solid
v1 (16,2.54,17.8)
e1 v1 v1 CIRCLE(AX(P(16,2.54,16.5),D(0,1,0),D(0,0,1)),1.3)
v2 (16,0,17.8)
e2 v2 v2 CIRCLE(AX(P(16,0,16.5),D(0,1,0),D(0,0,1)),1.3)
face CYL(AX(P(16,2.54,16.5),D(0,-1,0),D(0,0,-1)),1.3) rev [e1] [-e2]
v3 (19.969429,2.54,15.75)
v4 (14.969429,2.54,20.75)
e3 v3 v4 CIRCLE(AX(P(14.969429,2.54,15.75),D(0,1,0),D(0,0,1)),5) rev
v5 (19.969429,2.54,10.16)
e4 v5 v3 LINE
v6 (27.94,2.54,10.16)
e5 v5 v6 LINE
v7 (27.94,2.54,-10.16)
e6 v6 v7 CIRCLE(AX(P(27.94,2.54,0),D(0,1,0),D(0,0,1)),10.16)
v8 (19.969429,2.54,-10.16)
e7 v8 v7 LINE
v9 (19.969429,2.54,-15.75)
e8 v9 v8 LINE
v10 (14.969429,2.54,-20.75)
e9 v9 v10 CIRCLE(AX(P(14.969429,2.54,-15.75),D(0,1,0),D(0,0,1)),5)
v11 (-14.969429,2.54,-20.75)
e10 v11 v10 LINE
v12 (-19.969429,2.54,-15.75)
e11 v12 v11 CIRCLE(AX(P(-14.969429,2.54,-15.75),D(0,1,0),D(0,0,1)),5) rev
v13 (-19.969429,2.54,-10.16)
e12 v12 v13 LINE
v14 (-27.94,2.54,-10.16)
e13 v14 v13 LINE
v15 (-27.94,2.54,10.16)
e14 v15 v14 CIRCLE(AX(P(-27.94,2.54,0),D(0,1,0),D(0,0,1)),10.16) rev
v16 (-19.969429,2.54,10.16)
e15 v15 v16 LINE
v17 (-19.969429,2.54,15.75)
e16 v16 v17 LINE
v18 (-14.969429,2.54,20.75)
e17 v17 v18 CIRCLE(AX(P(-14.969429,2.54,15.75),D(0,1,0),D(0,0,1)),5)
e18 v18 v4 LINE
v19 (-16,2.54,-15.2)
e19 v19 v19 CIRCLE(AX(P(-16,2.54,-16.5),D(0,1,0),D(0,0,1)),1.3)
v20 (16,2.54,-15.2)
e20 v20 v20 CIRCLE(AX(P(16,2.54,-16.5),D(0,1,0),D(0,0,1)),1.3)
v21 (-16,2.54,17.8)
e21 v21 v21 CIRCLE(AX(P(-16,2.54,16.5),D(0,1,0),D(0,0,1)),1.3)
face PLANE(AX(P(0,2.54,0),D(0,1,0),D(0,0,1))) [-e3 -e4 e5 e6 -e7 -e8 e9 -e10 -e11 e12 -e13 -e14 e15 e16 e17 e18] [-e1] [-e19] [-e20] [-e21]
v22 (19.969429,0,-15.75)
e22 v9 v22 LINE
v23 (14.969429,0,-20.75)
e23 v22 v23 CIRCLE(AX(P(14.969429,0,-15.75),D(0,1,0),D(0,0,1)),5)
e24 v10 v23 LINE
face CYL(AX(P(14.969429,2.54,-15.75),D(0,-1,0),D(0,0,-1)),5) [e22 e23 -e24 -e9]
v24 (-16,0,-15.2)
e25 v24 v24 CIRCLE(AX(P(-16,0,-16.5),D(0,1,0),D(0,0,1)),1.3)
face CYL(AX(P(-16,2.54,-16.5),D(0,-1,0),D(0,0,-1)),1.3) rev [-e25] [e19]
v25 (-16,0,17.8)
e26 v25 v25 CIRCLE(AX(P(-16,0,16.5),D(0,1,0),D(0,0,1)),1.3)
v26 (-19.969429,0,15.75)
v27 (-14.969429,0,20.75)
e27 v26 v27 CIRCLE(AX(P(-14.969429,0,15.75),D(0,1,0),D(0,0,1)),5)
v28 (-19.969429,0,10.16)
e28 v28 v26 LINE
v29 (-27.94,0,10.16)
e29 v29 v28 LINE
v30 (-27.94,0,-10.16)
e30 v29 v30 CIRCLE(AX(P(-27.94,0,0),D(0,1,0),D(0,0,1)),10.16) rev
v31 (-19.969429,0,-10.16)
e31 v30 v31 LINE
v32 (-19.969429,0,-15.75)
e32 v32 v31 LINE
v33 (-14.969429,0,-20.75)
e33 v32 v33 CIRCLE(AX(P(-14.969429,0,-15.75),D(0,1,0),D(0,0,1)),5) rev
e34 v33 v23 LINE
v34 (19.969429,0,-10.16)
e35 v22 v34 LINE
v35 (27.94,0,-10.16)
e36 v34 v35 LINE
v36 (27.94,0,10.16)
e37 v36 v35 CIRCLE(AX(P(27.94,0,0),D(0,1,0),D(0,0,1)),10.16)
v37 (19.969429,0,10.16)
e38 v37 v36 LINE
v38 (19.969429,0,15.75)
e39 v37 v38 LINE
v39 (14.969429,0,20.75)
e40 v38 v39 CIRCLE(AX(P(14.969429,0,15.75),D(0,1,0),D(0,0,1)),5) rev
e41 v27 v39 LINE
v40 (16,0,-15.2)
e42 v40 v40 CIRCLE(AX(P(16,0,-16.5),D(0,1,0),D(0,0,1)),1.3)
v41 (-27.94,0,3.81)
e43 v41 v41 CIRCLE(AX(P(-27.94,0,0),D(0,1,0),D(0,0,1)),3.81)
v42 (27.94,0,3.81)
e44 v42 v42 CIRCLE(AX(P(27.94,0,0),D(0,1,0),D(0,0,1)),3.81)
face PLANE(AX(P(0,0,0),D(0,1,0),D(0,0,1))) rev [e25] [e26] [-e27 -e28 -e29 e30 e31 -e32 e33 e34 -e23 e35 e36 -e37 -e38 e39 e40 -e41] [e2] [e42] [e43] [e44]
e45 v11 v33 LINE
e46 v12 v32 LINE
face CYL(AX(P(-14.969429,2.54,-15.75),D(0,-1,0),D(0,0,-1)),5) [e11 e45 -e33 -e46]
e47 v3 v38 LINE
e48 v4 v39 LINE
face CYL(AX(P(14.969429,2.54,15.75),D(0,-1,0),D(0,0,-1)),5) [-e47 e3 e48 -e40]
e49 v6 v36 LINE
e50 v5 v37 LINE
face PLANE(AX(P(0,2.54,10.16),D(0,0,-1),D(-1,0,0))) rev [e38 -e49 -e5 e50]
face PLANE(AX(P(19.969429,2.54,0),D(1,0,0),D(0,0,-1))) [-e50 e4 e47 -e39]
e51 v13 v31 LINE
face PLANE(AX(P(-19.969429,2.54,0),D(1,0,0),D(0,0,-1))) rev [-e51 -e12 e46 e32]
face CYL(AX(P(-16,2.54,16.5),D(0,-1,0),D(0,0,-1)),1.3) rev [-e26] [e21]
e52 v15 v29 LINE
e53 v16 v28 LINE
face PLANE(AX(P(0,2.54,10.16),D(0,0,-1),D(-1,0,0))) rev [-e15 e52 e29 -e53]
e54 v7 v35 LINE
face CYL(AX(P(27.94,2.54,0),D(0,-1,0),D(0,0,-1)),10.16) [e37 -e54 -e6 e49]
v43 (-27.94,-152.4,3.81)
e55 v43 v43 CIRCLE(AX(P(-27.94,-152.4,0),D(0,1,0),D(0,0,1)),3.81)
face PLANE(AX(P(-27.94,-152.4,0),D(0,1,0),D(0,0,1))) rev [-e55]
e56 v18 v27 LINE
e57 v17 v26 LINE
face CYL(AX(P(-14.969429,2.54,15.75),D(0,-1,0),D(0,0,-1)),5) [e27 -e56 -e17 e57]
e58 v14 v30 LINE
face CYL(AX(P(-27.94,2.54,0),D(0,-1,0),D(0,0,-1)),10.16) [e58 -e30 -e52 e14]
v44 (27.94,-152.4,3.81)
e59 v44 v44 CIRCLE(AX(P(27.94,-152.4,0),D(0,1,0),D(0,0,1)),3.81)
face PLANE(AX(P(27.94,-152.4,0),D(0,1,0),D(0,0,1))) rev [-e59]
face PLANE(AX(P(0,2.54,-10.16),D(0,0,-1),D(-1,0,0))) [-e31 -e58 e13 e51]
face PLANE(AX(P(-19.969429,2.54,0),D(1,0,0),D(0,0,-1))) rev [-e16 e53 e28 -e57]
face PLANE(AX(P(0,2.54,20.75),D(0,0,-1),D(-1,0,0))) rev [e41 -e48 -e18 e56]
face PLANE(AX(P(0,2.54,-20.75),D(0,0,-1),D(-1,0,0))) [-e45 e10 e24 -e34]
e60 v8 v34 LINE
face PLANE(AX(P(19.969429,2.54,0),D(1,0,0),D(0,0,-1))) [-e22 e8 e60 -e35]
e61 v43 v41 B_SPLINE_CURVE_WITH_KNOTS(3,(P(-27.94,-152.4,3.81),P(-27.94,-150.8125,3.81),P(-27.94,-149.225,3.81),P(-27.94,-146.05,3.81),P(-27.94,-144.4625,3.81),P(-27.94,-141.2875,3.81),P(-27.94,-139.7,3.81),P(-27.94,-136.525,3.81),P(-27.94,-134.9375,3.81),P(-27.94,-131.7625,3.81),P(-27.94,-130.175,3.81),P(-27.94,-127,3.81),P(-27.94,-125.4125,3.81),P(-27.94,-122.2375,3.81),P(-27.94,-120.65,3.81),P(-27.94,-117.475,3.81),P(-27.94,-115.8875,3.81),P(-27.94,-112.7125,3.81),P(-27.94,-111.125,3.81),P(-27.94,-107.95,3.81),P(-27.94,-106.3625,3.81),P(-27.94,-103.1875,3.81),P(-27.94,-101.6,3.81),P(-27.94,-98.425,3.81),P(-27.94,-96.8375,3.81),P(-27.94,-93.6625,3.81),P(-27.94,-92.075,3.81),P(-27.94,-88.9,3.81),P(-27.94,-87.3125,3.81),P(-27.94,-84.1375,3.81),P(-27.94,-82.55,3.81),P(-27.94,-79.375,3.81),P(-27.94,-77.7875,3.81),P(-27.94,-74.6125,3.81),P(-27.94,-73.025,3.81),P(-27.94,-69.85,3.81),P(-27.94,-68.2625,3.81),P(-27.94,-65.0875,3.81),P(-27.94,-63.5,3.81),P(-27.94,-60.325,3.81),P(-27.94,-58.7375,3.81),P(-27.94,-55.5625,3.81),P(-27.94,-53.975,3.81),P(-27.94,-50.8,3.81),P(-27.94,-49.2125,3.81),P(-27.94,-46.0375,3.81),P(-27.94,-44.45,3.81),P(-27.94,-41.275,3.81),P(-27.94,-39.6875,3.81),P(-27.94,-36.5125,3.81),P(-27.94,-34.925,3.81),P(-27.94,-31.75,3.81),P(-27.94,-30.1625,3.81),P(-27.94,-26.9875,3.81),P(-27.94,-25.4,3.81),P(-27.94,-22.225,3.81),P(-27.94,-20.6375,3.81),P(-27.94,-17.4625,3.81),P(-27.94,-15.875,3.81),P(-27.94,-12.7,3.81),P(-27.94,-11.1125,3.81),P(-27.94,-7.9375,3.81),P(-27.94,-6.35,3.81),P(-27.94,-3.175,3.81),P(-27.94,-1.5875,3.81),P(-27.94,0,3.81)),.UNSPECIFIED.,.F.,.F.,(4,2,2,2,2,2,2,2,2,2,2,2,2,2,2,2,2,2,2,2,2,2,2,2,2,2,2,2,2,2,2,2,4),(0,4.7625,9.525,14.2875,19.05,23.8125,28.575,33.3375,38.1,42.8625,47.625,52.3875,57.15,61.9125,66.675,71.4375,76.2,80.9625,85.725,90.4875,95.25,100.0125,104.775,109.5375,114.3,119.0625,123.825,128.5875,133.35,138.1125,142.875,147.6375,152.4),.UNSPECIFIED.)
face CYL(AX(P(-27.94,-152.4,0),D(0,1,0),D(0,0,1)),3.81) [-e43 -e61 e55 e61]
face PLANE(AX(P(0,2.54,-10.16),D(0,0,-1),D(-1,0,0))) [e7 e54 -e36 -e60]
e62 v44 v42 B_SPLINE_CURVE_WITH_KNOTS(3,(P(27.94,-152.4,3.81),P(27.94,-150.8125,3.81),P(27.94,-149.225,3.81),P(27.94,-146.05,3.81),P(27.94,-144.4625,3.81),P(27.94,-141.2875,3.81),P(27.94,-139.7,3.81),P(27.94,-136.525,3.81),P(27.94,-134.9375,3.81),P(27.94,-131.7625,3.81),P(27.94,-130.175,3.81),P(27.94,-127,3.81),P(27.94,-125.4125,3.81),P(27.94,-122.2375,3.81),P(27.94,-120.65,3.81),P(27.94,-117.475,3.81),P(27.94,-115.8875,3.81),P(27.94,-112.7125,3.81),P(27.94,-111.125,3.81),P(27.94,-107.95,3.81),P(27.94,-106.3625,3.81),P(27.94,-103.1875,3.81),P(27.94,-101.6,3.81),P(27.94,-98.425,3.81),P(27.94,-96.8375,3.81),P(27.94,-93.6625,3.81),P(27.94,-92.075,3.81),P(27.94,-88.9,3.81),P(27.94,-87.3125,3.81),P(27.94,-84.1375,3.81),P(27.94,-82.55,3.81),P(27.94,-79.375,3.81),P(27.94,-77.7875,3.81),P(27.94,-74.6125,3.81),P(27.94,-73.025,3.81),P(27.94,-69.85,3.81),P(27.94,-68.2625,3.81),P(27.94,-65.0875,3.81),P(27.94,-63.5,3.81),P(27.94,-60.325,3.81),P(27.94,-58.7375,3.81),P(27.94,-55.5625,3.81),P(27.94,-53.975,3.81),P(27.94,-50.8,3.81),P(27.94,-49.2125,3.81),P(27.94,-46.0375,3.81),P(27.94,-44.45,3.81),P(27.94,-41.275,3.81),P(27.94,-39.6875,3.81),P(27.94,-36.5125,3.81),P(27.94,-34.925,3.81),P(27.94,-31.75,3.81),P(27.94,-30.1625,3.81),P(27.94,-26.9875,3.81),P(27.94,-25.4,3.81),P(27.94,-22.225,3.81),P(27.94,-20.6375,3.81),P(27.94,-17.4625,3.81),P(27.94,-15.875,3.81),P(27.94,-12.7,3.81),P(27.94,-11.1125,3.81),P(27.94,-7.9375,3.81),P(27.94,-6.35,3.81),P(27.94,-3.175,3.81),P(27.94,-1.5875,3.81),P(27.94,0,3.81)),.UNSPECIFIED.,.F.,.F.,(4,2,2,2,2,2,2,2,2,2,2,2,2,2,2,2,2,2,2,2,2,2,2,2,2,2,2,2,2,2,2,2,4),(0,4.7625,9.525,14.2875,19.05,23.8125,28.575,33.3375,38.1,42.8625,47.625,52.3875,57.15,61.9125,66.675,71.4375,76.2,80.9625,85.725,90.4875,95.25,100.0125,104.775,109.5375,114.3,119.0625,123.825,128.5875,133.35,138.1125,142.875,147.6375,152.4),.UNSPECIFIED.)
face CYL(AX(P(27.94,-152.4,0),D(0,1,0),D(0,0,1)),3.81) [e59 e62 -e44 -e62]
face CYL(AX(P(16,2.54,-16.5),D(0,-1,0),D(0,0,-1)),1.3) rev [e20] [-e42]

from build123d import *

# Parameters (mm, degrees)
SKETCH1_R           = 1.3
BOSS_EXTRUDE1_DEPTH = 2.54
SKETCH1_3_R         = 3.81
BOSS_EXTRUDE2_DEPTH = 152.4


with BuildPart() as part:
    # Sketch1 → Boss-Extrude1 (new body)
    with BuildSketch(Plane(origin=(0, 0, 0), x_dir=(1, 0, 0), z_dir=(0, 1, 0))):
        with BuildLine():
            Line((14.969429072, 20.75), (-14.969429072, 20.75))
            ThreePointArc((-14.969429072, 20.75), (-18.504962978, 19.285533906), (-19.969429072, 15.75))
            Line((-19.969429072, 15.75), (-19.969429072, 10.16))
            Line((-19.969429072, 10.16), (-27.94, 10.16))
            ThreePointArc((-27.94, 10.16), (-38.1, 0), (-27.94, -10.16))
            Line((-27.94, -10.16), (-19.969429072, -10.16))
            Line((-19.969429072, -10.16), (-19.969429072, -15.75))
            ThreePointArc((-19.969429072, -15.75), (-18.504962978, -19.285533906), (-14.969429072, -20.75))
            Line((-14.969429072, -20.75), (14.969429072, -20.75))
            ThreePointArc((14.969429072, -20.75), (18.504962978, -19.285533906), (19.969429072, -15.75))
            Line((19.969429072, -15.75), (19.969429072, -10.16))
            Line((19.969429072, -10.16), (27.94, -10.16))
            ThreePointArc((27.94, -10.16), (38.1, 0), (27.94, 10.16))
            Line((27.94, 10.16), (19.969429072, 10.16))
            Line((19.969429072, 10.16), (19.969429072, 15.75))
            ThreePointArc((19.969429072, 15.75), (18.504962978, 19.285533906), (14.969429072, 20.75))
        make_face()
        with Locations((-16, 16.5)):
            Circle(SKETCH1_R, mode=Mode.SUBTRACT)
        with Locations((16, 16.5)):
            Circle(SKETCH1_R, mode=Mode.SUBTRACT)
        with Locations((16, -16.5)):
            Circle(SKETCH1_R, mode=Mode.SUBTRACT)
        with Locations((-16, -16.5)):
            Circle(SKETCH1_R, mode=Mode.SUBTRACT)
    extrude(amount=BOSS_EXTRUDE1_DEPTH)

    # Sketch1<3> → Boss-Extrude2 (add)
    with BuildSketch(Plane(origin=(0, 0, 0), x_dir=(1, 0, 0), z_dir=(0, 1, 0))):
        with Locations((-27.94, 0)):
            Circle(SKETCH1_3_R)
        with Locations((27.94, 0)):
            Circle(SKETCH1_3_R)
    extrude(amount=-BOSS_EXTRUDE2_DEPTH)


solid = part.part
